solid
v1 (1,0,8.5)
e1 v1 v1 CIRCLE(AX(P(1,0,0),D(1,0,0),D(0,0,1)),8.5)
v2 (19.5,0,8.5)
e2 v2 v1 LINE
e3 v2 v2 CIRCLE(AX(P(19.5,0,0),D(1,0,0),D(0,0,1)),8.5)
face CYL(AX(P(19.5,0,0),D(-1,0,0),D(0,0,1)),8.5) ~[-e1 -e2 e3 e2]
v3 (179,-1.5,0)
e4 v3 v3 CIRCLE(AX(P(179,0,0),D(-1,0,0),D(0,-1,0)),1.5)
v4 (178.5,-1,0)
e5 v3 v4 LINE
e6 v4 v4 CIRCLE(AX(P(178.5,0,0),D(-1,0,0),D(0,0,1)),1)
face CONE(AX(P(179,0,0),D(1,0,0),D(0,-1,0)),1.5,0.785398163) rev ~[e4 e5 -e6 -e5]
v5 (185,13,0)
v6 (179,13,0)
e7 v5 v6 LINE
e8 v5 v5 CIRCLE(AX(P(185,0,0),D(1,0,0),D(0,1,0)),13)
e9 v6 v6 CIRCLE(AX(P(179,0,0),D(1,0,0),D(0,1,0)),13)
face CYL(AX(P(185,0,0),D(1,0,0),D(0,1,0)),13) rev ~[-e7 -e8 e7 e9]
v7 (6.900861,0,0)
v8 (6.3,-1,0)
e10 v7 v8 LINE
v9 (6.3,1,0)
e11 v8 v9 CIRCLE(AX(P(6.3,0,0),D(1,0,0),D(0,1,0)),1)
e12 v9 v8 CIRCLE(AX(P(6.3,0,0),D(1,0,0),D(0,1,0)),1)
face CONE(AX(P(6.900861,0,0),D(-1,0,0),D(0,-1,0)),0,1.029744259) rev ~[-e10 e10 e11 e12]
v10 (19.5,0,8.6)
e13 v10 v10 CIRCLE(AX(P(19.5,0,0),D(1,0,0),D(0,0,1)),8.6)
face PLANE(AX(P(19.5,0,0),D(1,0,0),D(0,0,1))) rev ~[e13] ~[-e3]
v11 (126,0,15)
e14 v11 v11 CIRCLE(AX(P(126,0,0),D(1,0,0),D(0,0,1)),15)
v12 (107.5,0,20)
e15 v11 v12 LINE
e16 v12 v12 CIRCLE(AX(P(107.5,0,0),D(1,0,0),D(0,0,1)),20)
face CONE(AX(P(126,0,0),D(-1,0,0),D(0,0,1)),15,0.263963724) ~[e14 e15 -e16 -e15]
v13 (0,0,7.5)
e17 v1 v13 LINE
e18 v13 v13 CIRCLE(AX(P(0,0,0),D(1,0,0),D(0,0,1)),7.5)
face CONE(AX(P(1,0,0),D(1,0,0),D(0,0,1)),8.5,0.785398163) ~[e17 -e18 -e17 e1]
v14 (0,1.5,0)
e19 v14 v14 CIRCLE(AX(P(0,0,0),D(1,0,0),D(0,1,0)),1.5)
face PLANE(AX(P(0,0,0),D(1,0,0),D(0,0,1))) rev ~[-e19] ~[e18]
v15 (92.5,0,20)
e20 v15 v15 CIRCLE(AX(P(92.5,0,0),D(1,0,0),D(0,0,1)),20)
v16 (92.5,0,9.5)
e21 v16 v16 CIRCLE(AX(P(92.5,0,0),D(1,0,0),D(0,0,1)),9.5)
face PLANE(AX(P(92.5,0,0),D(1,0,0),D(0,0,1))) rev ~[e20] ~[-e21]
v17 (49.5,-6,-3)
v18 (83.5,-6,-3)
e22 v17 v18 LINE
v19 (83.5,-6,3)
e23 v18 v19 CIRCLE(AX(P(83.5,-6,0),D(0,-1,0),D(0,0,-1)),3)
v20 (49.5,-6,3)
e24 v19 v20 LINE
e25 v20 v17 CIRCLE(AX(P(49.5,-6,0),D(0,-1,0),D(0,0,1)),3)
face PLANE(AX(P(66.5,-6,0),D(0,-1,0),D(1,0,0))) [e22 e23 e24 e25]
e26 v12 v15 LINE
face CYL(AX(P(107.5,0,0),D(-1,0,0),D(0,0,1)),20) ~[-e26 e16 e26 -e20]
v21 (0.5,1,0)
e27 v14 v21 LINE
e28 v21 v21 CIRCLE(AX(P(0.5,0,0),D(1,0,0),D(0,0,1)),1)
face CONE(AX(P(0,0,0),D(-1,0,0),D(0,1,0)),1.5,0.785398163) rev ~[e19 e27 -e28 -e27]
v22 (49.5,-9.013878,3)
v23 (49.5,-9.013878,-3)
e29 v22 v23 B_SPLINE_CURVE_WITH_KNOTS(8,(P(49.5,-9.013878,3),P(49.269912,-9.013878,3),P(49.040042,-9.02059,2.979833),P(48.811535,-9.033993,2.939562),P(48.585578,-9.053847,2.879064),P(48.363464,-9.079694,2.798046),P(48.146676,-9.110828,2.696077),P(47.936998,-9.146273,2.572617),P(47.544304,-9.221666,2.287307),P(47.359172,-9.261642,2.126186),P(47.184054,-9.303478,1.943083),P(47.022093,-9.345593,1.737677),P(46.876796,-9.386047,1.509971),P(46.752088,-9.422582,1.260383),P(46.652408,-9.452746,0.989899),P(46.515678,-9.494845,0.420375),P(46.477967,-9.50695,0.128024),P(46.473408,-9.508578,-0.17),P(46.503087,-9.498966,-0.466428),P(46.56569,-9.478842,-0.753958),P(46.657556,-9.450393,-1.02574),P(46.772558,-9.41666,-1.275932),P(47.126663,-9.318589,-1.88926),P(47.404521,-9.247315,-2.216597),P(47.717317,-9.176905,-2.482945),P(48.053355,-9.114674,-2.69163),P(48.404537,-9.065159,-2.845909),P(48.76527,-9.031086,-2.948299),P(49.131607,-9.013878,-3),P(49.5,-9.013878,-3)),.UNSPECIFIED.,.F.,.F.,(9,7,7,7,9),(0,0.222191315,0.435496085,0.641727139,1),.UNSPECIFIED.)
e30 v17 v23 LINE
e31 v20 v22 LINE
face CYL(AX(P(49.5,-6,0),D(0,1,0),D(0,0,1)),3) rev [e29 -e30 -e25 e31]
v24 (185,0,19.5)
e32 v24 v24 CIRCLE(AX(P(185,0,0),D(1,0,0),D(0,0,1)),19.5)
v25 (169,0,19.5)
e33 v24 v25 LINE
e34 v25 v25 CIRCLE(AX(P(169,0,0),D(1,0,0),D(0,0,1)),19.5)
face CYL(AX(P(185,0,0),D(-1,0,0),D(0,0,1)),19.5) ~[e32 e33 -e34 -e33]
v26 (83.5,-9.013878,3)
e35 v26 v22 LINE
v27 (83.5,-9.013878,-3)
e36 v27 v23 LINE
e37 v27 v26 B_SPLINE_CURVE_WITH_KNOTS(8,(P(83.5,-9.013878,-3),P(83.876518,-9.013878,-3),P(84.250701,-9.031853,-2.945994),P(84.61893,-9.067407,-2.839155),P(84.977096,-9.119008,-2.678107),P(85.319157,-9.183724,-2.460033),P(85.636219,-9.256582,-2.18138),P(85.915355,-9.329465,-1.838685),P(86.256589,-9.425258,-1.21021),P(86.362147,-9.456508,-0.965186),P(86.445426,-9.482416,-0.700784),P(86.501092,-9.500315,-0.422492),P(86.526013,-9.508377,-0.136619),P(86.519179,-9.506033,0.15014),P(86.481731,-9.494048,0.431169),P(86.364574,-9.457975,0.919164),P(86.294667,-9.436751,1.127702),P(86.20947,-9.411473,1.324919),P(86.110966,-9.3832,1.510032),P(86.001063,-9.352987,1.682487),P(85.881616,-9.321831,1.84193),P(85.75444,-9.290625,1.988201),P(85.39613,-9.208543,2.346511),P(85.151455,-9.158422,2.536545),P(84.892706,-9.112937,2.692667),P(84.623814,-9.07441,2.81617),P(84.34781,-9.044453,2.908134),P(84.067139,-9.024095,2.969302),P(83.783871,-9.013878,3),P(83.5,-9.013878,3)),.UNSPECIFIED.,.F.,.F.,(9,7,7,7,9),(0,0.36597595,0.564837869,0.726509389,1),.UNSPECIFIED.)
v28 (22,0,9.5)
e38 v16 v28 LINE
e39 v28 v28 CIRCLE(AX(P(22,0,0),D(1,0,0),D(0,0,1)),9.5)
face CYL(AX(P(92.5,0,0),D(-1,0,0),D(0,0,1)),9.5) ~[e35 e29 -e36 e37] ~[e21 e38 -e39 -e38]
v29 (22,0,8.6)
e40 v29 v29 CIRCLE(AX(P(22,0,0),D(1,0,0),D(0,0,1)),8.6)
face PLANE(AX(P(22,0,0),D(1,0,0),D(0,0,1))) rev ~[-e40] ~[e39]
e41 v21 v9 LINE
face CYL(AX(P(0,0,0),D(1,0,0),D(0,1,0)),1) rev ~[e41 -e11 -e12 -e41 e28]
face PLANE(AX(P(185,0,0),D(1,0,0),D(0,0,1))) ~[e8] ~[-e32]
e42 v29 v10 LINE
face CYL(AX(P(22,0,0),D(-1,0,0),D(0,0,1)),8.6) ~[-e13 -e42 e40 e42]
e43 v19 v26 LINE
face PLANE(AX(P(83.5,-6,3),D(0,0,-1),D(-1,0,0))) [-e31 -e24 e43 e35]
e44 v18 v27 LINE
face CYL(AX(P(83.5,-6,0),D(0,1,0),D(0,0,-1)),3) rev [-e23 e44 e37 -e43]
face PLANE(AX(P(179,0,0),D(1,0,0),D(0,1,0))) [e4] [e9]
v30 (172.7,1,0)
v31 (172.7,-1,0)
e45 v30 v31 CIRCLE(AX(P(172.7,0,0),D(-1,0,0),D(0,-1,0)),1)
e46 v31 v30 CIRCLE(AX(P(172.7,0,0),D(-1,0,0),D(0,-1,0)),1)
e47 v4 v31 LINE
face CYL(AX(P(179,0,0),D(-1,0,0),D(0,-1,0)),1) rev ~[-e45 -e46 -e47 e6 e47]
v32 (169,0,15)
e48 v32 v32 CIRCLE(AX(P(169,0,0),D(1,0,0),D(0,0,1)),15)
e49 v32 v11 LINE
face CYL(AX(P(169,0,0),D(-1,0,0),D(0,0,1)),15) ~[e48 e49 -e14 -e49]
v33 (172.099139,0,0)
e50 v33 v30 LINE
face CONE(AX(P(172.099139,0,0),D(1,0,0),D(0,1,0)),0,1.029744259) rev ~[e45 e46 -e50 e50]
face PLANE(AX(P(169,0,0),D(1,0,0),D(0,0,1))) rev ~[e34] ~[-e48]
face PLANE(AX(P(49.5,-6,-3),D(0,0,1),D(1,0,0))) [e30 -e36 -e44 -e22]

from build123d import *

# Parameters (mm, degrees)
F3_START             = 6
F3_DEPTH             = 9.4
F4_R                 = 13
F5_DEPTH             = 6
F8_D                 = 2
F8_DEPTH             = 6.3
F8_CSINK_D           = 3
F8_CSINK_ANGLE       = 90
F8_TIP               = 0.600860619
F8_ON_F6_D           = 2
F8_ON_F6_DEPTH       = 6.3
F8_ON_F6_CSINK_D     = 3
F8_ON_F6_CSINK_ANGLE = 90
F8_ON_F6_TIP         = 0.600860619


with BuildPart() as f1:
    # F0 (on Front) → F1 (revolve)
    with BuildSketch(Plane.XZ):
        Polygon((1, 8.5), (0, 7.5), (0, 0), (169, 0), (169, 15), (126, 15), (107.5, 20), (92.5, 20), (92.5, 9.5), (22, 9.5), (22, 8.6), (19.5, 8.6), (19.5, 8.5), align=None)
        Polygon((169, 15), (169, 0), (185, 0), (185, 19.5), (169, 19.5), align=None)
    revolve(axis=Axis((105.2958741784, 0, 0), (1, 0, 0)))

    # F2 (on Front) → F3 (cut)
    with BuildSketch(Plane.XZ.offset(F3_START)):
        with BuildLine():
            ThreePointArc((83.5, -3), (86.5, 0), (83.5, 3))
            Line((83.5, 3), (49.5, 3))
            ThreePointArc((49.5, 3), (46.5, 0), (49.5, -3))
            Line((49.5, -3), (83.5, -3))
        make_face()
    extrude(amount=F3_DEPTH, mode=Mode.SUBTRACT)

    # F4 (on face) → F5 (cut)
    with BuildSketch(Plane.YZ.offset(185)):
        Circle(F4_R)
    extrude(amount=-F5_DEPTH, mode=Mode.SUBTRACT)

    # F8
    with Locations(Plane(origin=(0, 0, 0), x_dir=(0, -1, 0), z_dir=(-1, 0, 0))):
        with Locations((0, 0)):
            CounterSinkHole(F8_D / 2, F8_CSINK_D / 2, depth=F8_DEPTH, counter_sink_angle=F8_CSINK_ANGLE)
            with Locations((0, 0, -(F8_DEPTH + F8_TIP / 2))):  # 118° drill point
                Cone(0, F8_D / 2, F8_TIP, mode=Mode.SUBTRACT)

    # F8 on F6
    with Locations(Plane.YZ.offset(179)):
        with Locations((0, 0)):
            CounterSinkHole(F8_ON_F6_D / 2, F8_ON_F6_CSINK_D / 2, depth=F8_ON_F6_DEPTH, counter_sink_angle=F8_ON_F6_CSINK_ANGLE)
            with Locations((0, 0, -(F8_ON_F6_DEPTH + F8_ON_F6_TIP / 2))):  # 118° drill point
                Cone(0, F8_ON_F6_D / 2, F8_ON_F6_TIP, mode=Mode.SUBTRACT)


solid = f1.part
